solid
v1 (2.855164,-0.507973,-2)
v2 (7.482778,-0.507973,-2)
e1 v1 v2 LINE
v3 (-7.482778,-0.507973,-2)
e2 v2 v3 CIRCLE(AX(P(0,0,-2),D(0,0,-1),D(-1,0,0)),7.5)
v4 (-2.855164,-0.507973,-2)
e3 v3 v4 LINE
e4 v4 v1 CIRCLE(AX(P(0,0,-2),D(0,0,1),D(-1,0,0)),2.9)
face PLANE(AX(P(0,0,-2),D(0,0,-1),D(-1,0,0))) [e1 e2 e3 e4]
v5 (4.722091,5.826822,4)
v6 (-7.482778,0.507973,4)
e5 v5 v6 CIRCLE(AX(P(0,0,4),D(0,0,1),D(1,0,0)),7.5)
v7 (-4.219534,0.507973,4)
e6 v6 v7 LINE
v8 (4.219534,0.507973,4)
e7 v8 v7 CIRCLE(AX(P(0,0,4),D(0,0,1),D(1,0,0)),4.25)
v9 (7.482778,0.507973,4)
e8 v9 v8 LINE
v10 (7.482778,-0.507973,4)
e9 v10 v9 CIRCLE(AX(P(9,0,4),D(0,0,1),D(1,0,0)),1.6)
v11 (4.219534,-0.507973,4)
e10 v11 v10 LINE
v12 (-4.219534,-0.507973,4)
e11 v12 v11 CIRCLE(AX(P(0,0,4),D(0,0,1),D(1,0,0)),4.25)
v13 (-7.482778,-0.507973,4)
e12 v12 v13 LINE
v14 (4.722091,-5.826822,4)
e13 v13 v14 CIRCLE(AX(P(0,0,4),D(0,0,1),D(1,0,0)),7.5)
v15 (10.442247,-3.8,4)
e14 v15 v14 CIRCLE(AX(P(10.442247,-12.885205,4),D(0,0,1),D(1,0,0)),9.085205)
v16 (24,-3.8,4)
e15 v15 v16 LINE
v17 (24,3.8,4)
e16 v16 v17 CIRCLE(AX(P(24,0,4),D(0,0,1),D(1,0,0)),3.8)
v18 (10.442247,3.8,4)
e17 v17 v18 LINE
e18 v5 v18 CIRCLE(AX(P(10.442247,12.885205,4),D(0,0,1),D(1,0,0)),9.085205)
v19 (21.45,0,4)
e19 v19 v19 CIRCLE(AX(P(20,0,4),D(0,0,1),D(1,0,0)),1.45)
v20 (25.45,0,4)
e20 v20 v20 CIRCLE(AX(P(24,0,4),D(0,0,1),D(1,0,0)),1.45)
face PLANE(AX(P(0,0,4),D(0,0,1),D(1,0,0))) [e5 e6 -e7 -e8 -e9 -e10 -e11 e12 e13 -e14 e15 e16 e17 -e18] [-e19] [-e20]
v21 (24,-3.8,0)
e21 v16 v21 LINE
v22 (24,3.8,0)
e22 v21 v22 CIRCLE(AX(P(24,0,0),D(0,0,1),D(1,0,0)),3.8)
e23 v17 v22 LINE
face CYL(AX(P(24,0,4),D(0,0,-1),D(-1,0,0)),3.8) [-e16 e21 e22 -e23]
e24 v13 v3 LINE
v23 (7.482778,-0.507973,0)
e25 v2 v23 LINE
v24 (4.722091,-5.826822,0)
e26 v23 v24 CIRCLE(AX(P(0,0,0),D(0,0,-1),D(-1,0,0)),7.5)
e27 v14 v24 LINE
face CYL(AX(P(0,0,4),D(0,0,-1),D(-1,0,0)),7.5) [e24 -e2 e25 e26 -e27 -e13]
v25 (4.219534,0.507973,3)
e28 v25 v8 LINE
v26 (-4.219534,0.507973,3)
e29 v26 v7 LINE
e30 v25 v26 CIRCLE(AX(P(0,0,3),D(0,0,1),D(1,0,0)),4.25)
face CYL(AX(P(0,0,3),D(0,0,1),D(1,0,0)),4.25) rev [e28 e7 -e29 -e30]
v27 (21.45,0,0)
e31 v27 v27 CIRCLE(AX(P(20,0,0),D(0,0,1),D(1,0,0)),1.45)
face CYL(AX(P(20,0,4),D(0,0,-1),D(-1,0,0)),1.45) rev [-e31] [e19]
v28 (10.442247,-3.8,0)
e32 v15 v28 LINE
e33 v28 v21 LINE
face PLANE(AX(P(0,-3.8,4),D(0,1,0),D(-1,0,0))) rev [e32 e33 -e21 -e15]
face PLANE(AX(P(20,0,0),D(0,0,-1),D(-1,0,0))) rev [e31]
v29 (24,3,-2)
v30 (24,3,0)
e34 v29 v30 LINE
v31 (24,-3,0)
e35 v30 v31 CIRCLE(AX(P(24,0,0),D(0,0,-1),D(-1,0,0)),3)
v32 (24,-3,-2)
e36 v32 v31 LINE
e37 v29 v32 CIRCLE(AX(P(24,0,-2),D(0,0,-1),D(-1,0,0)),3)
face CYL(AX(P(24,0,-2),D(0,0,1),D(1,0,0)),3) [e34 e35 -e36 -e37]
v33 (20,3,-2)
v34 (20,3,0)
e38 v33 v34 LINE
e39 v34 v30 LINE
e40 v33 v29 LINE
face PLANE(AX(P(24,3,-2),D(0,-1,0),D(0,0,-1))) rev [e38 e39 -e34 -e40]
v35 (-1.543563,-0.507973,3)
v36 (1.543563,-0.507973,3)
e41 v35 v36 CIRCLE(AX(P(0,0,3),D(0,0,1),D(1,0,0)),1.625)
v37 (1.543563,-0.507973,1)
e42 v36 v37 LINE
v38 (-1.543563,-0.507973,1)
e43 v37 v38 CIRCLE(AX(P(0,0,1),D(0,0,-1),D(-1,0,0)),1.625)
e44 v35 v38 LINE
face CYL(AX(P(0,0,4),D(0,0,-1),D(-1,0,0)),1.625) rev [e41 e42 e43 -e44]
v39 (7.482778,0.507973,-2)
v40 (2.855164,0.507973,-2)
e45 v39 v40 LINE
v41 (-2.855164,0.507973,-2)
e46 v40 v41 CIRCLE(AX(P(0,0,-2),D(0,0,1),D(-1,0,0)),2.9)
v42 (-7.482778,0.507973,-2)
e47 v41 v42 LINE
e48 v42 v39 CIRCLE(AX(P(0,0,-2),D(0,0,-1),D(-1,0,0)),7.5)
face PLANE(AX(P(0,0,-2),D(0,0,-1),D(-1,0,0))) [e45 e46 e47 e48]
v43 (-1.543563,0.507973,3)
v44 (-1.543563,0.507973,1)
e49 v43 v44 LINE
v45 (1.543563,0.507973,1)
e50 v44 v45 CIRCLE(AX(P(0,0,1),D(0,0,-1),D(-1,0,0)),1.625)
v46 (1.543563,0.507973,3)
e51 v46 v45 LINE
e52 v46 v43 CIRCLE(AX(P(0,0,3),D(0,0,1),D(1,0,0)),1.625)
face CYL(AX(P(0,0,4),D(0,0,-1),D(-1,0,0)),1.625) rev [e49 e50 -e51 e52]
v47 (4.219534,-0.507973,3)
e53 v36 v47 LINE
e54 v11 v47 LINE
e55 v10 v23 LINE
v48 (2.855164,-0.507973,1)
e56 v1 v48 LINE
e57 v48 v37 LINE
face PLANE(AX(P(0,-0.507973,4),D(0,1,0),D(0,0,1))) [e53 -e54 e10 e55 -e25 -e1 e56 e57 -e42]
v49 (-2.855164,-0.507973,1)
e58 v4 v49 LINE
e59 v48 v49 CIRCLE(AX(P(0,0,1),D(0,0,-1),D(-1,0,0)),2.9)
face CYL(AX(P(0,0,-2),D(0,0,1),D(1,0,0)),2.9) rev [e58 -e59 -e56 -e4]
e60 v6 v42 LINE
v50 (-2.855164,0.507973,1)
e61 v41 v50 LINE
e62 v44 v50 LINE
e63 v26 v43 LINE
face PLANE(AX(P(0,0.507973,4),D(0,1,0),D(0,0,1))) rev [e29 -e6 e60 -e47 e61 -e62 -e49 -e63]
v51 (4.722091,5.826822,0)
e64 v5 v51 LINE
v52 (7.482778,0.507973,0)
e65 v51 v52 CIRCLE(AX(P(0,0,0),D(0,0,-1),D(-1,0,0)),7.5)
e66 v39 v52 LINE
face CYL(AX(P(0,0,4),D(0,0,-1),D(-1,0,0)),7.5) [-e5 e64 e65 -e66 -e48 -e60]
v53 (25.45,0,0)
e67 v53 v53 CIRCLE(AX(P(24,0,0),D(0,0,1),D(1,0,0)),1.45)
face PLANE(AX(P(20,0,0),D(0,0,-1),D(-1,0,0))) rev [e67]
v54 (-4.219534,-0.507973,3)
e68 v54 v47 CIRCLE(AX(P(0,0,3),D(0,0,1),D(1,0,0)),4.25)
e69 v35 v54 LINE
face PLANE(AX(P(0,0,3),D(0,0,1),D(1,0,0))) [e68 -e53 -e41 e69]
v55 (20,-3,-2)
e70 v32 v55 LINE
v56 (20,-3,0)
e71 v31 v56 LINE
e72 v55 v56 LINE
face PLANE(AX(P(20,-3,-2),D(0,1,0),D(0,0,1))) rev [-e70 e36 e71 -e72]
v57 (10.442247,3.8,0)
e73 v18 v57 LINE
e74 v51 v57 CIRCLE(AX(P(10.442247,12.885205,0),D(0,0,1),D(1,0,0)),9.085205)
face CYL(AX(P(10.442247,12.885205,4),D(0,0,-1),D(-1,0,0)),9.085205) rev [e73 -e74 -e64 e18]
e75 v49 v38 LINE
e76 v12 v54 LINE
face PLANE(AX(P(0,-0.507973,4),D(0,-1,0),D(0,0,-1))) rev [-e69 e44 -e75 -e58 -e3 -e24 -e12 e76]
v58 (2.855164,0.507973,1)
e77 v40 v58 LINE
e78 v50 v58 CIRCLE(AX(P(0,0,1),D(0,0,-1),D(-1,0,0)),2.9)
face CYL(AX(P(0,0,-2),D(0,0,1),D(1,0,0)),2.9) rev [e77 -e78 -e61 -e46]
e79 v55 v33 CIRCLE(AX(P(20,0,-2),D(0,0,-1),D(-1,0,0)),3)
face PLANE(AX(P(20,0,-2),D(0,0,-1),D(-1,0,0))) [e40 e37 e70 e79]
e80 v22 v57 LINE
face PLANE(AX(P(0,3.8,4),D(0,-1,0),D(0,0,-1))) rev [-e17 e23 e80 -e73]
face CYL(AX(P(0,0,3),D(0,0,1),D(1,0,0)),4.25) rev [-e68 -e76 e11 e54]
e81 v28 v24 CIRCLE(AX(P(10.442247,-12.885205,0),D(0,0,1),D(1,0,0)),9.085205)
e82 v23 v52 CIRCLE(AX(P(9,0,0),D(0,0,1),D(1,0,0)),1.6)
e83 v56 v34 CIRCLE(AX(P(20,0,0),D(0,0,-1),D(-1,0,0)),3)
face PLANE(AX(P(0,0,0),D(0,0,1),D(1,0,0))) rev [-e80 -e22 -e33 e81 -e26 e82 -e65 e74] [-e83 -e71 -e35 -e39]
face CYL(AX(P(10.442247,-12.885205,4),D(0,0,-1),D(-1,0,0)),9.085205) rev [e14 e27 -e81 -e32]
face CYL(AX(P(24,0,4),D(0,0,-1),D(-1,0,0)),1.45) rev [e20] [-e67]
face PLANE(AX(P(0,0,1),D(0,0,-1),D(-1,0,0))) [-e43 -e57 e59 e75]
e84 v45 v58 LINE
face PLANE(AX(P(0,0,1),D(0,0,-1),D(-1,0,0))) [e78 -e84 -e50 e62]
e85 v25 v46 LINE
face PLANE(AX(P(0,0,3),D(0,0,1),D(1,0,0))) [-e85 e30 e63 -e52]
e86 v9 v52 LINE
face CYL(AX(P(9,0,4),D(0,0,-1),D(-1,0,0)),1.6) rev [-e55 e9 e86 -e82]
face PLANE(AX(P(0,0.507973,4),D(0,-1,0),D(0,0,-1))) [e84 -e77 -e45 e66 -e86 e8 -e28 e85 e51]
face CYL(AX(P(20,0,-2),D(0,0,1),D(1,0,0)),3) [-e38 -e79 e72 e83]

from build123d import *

# Parameters (mm, degrees)
SKETCH1_R           = 1.45
BOSS_EXTRUDE1_DEPTH = 4
BOSS_EXTRUDE3_START = 2
BOSS_EXTRUDE3_DEPTH = 2
SKETCH4_R           = 4.25
CUT_EXTRUDE1_DEPTH  = 1
SKETCH6_R           = 2.9
CUT_EXTRUDE2_DEPTH  = 1


with BuildPart() as part:
    # Sketch1 → Boss-Extrude1 (new body)
    with BuildSketch(Plane(origin=(0, 0, 0), x_dir=(0, 1, 0), z_dir=(0, 0, 1))):
        with BuildLine():
            ThreePointArc((-5.826821987, -4.722091224), (-4.321683338, -7.407935145), (-3.8, -10.442246667))
            Line((-3.8, -10.442246667), (-3.8, -24))
            ThreePointArc((-3.8, -24), (0, -27.8), (3.8, -24))
            Line((3.8, -24), (3.8, -10.442246667))
            ThreePointArc((3.8, -10.442246667), (4.321683338, -7.407935145), (5.826821987, -4.722091224))
            ThreePointArc((5.826821987, -4.722091224), (6.875471927, 2.99631203), (0.507973157, 7.482777778))
            Line((0.507973157, 7.482777778), (0.507973157, 1.543563498))
            ThreePointArc((0.507973157, 1.543563498), (1.625, 0), (0.507973157, -1.543563498))
            Line((0.507973157, -1.543563498), (0.507973157, -7.482777778))
            ThreePointArc((0.507973157, -7.482777778), (0, -10.6), (-0.507973157, -7.482777778))
            Line((-0.507973157, -7.482777778), (-0.507973157, -1.543563498))
            ThreePointArc((-0.507973157, -1.543563498), (-1.625, 0), (-0.507973157, 1.543563498))
            Line((-0.507973157, 1.543563498), (-0.507973157, 7.482777778))
            ThreePointArc((-0.507973157, 7.482777778), (-6.875471927, 2.99631203), (-5.826821987, -4.722091224))
        make_face()
        with Locations(Location((0, -24, 0), (0, 0, 270))):
            Circle(SKETCH1_R, mode=Mode.SUBTRACT)
        with Locations(Location((0, -20, 0), (0, 0, 270))):
            Circle(SKETCH1_R, mode=Mode.SUBTRACT)
    extrude(amount=BOSS_EXTRUDE1_DEPTH)

    # Sketch3 → Boss-Extrude3 (add)
    with BuildSketch(Plane(origin=(0, 0, 0), x_dir=(1, 0, 0), z_dir=(0, 0, -1)).offset(BOSS_EXTRUDE3_START)):
        with BuildLine():
            Line((20, 3), (24, 3))
            ThreePointArc((24, 3), (27, 0), (24, -3))
            Line((24, -3), (20, -3))
            ThreePointArc((20, -3), (17, 0), (20, 3))
        make_face()
        with BuildLine():
            Line((-7.482777778, 0.507973157), (-2.855164316, 0.507973157))
            ThreePointArc((-2.855164316, 0.507973157), (0, 2.9), (2.855164316, 0.507973157))
            Line((2.855164316, 0.507973157), (7.482777778, 0.507973157))
            ThreePointArc((7.482777778, 0.507973157), (0, 7.5), (-7.482777778, 0.507973157))
        make_face()
        with BuildLine():
            Line((-2.855164316, -0.507973157), (-7.482777778, -0.507973157))
            ThreePointArc((-7.482777778, -0.507973157), (0, -7.5), (7.482777778, -0.507973157))
            Line((7.482777778, -0.507973157), (2.855164316, -0.507973157))
            ThreePointArc((2.855164316, -0.507973157), (0, -2.9), (-2.855164316, -0.507973157))
        make_face()
    extrude(amount=-BOSS_EXTRUDE3_DEPTH)

    # Sketch4 → Cut-Extrude1 (cut)
    with BuildSketch(Plane.XY.offset(4)):
        Circle(SKETCH4_R)
    extrude(amount=-CUT_EXTRUDE1_DEPTH, mode=Mode.SUBTRACT)

    # Sketch6 → Cut-Extrude2 (cut)
    with BuildSketch(Plane(origin=(0, 0, 0), x_dir=(1, 0, 0), z_dir=(0, 0, -1))):
        Circle(SKETCH6_R)
    extrude(amount=-CUT_EXTRUDE2_DEPTH, mode=Mode.SUBTRACT)


solid = part.part
